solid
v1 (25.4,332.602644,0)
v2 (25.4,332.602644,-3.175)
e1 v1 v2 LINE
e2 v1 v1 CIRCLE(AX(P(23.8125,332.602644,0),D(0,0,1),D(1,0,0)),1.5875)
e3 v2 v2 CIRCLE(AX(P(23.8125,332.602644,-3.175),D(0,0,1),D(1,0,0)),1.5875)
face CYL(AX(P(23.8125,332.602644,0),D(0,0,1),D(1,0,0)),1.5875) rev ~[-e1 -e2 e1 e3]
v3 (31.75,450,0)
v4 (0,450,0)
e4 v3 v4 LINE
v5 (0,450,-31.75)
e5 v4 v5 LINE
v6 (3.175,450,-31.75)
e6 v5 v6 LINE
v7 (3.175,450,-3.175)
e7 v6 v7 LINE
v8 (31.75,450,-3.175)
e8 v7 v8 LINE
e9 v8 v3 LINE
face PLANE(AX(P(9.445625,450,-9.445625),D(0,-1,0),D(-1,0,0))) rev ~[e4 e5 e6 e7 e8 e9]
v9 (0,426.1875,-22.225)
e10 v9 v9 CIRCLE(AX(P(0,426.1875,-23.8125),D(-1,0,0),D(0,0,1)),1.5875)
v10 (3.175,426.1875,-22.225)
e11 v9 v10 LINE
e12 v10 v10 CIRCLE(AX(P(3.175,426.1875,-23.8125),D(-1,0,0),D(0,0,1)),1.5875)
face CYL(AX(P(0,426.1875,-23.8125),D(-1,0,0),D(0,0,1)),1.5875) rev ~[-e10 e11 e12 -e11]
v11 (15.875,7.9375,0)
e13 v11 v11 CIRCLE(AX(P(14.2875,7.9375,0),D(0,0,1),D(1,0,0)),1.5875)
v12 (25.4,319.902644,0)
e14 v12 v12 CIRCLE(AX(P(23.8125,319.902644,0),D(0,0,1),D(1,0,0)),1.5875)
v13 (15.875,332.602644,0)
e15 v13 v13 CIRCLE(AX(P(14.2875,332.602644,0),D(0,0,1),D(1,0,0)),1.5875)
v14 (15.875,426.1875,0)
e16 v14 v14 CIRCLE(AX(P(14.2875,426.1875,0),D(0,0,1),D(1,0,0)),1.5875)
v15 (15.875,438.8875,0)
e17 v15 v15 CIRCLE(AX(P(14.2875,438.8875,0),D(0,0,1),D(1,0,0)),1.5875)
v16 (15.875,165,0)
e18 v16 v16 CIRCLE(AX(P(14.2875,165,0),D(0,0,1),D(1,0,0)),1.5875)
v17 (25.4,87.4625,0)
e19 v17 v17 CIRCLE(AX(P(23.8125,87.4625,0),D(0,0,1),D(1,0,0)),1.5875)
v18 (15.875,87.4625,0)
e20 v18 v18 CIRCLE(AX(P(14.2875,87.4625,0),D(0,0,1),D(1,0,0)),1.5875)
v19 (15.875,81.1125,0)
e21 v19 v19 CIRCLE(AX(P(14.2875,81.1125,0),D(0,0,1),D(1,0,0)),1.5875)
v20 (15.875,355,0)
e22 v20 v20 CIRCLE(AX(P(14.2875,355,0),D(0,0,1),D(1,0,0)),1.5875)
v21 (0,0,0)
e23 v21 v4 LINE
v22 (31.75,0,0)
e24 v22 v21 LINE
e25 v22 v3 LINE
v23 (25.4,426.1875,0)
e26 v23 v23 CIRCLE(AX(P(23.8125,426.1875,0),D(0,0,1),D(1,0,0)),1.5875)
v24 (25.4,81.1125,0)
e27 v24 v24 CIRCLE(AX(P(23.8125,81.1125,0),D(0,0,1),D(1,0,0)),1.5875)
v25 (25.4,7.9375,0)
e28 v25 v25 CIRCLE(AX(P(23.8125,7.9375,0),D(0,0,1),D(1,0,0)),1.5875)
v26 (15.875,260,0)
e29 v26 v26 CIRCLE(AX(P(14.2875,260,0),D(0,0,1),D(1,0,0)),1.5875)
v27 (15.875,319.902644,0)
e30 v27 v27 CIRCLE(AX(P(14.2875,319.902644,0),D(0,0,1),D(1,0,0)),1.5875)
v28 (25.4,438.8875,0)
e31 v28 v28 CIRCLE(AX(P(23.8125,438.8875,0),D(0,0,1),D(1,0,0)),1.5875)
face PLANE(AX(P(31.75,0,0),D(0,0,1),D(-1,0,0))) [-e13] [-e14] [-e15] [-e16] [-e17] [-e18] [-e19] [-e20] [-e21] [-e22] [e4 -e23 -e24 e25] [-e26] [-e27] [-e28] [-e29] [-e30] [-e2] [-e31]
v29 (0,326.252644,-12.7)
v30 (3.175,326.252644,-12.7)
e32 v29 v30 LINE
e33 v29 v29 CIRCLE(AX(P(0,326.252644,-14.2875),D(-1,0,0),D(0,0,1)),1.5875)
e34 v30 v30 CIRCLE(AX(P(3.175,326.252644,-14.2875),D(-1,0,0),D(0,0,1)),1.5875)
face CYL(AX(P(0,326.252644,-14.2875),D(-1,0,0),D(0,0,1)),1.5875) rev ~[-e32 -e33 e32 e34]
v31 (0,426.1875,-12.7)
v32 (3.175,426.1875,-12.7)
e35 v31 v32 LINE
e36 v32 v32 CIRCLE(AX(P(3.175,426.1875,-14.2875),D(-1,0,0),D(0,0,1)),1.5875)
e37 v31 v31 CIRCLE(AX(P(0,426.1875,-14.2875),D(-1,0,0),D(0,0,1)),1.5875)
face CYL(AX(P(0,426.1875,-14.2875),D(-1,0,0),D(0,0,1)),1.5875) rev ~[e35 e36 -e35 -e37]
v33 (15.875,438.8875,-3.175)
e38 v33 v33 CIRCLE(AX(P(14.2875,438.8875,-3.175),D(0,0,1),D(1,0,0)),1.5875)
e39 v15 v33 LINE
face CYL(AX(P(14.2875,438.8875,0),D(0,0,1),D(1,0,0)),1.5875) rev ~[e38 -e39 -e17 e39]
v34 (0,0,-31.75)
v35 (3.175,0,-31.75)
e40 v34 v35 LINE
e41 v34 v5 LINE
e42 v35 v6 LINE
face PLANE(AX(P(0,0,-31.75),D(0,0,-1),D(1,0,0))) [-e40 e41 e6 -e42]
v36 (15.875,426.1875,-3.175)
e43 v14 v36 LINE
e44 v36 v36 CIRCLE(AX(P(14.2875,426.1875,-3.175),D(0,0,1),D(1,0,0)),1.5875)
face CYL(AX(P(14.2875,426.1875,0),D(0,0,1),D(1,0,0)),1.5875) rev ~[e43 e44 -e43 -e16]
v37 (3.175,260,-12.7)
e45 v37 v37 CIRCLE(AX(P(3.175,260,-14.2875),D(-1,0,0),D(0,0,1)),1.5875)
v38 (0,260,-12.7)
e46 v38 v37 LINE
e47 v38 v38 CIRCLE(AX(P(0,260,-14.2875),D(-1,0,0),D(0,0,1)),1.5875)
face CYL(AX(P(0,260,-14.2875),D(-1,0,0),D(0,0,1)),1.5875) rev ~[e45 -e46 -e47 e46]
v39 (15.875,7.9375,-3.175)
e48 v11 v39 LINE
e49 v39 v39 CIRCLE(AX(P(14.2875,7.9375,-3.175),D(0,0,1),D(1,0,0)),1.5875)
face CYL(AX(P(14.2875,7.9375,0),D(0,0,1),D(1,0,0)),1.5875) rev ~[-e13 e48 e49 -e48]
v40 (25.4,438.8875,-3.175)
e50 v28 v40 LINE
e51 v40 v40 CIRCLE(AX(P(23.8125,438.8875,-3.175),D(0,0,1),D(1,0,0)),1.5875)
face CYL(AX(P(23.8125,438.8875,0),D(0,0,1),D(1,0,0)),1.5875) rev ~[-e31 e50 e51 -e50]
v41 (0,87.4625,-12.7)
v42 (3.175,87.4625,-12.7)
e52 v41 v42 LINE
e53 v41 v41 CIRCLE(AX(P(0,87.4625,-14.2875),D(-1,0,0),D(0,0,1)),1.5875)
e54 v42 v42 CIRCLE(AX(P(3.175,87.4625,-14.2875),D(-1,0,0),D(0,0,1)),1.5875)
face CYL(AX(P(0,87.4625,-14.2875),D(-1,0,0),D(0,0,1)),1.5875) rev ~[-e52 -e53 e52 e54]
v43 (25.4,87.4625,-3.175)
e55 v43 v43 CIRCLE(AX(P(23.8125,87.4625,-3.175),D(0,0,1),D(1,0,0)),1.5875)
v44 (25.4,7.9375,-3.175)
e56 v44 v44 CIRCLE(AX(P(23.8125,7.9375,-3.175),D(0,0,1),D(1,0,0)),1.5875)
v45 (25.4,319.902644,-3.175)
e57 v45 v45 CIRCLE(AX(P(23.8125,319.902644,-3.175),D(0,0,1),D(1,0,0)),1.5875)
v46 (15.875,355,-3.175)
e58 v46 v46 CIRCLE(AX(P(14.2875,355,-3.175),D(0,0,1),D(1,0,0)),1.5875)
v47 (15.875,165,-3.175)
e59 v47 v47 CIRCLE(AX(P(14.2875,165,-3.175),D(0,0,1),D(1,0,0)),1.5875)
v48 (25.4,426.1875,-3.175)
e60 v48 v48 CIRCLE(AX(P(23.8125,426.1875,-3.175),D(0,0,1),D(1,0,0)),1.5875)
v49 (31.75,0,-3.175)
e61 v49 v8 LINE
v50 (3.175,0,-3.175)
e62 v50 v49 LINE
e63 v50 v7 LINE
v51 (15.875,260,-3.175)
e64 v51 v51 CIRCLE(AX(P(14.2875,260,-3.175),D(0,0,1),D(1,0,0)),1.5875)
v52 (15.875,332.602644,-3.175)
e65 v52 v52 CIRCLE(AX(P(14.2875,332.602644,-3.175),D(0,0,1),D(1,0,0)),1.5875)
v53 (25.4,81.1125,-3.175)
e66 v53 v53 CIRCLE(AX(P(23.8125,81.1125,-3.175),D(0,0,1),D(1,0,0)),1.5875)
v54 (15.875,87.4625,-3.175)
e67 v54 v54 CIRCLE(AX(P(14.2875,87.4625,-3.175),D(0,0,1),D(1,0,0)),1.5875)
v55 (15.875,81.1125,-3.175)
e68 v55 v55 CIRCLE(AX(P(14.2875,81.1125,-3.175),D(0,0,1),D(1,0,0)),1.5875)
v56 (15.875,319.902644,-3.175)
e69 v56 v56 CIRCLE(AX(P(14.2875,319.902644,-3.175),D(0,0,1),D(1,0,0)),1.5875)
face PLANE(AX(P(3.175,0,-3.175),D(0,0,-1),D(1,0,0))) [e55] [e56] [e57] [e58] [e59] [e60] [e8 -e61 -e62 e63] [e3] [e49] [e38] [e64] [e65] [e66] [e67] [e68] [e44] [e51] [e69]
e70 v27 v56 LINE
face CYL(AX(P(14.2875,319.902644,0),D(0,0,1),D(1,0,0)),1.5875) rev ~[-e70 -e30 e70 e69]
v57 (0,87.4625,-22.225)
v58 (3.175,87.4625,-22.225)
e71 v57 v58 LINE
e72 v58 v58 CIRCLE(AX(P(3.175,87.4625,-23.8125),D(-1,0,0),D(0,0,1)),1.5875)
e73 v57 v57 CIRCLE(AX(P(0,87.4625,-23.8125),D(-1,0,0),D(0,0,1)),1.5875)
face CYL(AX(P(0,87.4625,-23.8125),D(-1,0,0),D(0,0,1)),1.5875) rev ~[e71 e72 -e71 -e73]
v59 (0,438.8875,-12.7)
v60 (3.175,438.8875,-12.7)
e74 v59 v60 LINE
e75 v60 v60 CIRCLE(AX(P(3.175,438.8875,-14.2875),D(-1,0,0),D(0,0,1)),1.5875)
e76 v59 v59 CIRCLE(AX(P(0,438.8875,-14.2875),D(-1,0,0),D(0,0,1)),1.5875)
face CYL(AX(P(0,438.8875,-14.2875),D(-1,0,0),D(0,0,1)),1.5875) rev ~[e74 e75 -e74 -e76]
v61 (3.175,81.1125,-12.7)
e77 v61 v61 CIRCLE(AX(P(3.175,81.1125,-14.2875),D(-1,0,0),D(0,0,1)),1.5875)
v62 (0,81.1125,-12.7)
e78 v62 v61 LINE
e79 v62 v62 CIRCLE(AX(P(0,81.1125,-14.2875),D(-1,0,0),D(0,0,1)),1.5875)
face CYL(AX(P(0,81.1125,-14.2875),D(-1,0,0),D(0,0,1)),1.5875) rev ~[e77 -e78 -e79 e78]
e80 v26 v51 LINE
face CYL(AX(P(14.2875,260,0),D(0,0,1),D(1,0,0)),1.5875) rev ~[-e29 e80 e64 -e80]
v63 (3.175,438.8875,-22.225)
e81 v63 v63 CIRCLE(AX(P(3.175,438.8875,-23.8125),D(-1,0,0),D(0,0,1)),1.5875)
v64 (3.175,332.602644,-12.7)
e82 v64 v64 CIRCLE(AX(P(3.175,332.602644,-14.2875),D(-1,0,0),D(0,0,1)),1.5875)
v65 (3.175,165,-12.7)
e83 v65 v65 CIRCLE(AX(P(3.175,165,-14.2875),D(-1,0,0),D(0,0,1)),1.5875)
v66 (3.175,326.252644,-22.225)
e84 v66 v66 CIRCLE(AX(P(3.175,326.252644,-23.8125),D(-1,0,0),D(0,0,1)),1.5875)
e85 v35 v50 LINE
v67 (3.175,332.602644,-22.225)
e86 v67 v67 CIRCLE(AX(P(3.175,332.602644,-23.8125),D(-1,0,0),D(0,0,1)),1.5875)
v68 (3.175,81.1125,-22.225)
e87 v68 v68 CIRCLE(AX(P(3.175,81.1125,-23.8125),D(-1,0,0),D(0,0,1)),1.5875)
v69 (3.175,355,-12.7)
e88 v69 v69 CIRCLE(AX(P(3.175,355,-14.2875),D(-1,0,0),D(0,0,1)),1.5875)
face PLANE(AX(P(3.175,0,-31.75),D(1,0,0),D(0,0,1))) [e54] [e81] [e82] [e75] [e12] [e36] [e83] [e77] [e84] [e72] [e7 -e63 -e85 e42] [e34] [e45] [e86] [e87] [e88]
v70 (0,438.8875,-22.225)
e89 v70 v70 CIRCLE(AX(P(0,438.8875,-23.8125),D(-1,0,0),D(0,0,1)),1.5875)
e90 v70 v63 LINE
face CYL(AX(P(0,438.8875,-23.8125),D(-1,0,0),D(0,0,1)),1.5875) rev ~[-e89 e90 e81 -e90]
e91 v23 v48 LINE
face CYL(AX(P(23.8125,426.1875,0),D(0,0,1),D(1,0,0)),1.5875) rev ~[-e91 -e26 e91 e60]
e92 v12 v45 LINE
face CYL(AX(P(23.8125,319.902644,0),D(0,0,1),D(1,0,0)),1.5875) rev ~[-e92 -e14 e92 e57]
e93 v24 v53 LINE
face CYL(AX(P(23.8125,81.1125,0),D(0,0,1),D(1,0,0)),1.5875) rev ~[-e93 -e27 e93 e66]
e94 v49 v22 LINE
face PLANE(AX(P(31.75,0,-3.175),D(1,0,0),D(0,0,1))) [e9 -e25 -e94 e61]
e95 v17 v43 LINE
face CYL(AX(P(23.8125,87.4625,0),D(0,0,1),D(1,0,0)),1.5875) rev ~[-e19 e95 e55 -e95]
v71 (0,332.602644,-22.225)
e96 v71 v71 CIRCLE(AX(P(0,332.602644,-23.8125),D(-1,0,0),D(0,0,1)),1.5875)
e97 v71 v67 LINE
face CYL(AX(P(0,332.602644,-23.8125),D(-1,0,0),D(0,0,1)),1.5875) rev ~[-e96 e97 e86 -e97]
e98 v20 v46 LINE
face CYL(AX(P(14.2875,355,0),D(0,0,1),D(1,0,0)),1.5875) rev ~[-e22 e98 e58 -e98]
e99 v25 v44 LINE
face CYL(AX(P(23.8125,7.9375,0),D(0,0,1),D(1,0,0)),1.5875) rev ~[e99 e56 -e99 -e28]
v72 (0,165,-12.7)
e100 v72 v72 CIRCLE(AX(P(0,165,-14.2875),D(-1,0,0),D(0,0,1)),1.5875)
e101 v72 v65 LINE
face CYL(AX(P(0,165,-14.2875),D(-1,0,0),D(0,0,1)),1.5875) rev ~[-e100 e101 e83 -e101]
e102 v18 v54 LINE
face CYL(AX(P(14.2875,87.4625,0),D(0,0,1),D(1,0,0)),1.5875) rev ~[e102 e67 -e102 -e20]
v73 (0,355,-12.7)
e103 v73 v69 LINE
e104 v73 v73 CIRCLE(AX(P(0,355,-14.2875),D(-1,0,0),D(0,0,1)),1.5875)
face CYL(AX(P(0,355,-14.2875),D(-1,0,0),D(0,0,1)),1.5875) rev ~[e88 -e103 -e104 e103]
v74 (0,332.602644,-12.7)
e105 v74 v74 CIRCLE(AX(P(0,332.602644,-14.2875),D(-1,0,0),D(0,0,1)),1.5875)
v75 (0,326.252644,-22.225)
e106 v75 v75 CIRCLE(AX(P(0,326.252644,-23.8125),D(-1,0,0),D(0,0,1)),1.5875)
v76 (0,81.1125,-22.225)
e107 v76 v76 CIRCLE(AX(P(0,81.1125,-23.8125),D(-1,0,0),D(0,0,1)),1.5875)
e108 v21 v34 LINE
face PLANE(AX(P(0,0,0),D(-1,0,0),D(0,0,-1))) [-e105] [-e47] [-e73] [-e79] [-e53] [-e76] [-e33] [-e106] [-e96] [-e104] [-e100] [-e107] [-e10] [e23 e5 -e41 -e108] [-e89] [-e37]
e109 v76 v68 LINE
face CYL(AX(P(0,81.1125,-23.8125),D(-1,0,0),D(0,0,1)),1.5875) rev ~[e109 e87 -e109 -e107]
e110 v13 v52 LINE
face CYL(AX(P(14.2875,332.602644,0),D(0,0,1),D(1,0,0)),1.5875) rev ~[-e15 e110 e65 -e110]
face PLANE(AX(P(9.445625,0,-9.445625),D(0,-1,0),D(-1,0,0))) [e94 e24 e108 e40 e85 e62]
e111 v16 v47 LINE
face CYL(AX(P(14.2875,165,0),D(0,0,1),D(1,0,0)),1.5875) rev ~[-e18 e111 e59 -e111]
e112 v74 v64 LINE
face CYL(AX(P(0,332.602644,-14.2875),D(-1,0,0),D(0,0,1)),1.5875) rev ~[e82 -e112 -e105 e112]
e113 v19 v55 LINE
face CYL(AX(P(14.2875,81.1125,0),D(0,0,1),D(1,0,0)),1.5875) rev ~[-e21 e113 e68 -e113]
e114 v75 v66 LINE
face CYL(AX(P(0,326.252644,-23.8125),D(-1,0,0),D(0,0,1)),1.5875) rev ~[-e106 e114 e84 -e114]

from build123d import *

# Parameters (mm, degrees)
BOSS_EXTRUDE1_DEPTH              = 450
LEFTSIDEHOLES_SKETCH3_R          = 1.5875
LEFTSIDEHOLES_CUT_EXTRUDE1_DEPTH = 3.175
BACKSIDEHOLES_SKETCH4_R          = 1.5875
BACKSIDEHOLES_CUT_EXTRUDE2_DEPTH = 3.175


with BuildPart() as part:
    # Sketch2 → Boss-Extrude1 (new body)
    with BuildSketch(Plane(origin=(0, 0, 0), x_dir=(1, 0, 0), z_dir=(0, 1, 0))):
        Polygon((0, 31.75), (3.175, 31.75), (3.175, 3.175), (31.75, 3.175), (31.75, 0), (0, 0), align=None)
    extrude(amount=BOSS_EXTRUDE1_DEPTH)

    # LeftSideHoles-Sketch3 → LeftSideHoles-Cut-Extrude1 (cut)
    with BuildSketch(Plane.XY):
        with Locations((14.2875, 81.1125)):
            Circle(LEFTSIDEHOLES_SKETCH3_R)
        with Locations((23.8125, 81.1125)):
            Circle(LEFTSIDEHOLES_SKETCH3_R)
        with Locations((14.2875, 87.4625)):
            Circle(LEFTSIDEHOLES_SKETCH3_R)
        with Locations((23.8125, 87.4625)):
            Circle(LEFTSIDEHOLES_SKETCH3_R)
        with Locations((14.2875, 438.8875)):
            Circle(LEFTSIDEHOLES_SKETCH3_R)
        with Locations((14.2875, 426.1875)):
            Circle(LEFTSIDEHOLES_SKETCH3_R)
        with Locations((23.8125, 438.8875)):
            Circle(LEFTSIDEHOLES_SKETCH3_R)
        with Locations((23.8125, 426.1875)):
            Circle(LEFTSIDEHOLES_SKETCH3_R)
        with Locations((14.2875, 332.602644)):
            Circle(LEFTSIDEHOLES_SKETCH3_R)
        with Locations((23.8125, 332.602644)):
            Circle(LEFTSIDEHOLES_SKETCH3_R)
        with Locations((14.2875, 319.902644)):
            Circle(LEFTSIDEHOLES_SKETCH3_R)
        with Locations((23.8125, 319.902644)):
            Circle(LEFTSIDEHOLES_SKETCH3_R)
        with Locations((14.2875, 7.9375)):
            Circle(LEFTSIDEHOLES_SKETCH3_R)
        with Locations((23.8125, 7.9375)):
            Circle(LEFTSIDEHOLES_SKETCH3_R)
        with Locations((14.2875, 165)):
            Circle(LEFTSIDEHOLES_SKETCH3_R)
        with Locations((14.2875, 260)):
            Circle(LEFTSIDEHOLES_SKETCH3_R)
        with Locations((14.2875, 355)):
            Circle(LEFTSIDEHOLES_SKETCH3_R)
    extrude(amount=-LEFTSIDEHOLES_CUT_EXTRUDE1_DEPTH, mode=Mode.SUBTRACT)

    # BackSideHoles-Sketch4 → BackSideHoles-Cut-Extrude2 (cut)
    with BuildSketch(Plane.ZY):
        with Locations((-23.8125, 81.1125)):
            Circle(BACKSIDEHOLES_SKETCH4_R)
        with Locations((-14.2875, 81.1125)):
            Circle(BACKSIDEHOLES_SKETCH4_R)
        with Locations((-23.8125, 87.4625)):
            Circle(BACKSIDEHOLES_SKETCH4_R)
        with Locations((-14.2875, 87.4625)):
            Circle(BACKSIDEHOLES_SKETCH4_R)
        with Locations((-23.8125, 438.8875)):
            Circle(BACKSIDEHOLES_SKETCH4_R)
        with Locations((-14.2875, 438.8875)):
            Circle(BACKSIDEHOLES_SKETCH4_R)
        with Locations((-23.8125, 426.1875)):
            Circle(BACKSIDEHOLES_SKETCH4_R)
        with Locations((-14.2875, 426.1875)):
            Circle(BACKSIDEHOLES_SKETCH4_R)
        with Locations((-23.8125, 332.602644)):
            Circle(BACKSIDEHOLES_SKETCH4_R)
        with Locations((-14.2875, 332.602644)):
            Circle(BACKSIDEHOLES_SKETCH4_R)
        with Locations((-23.8125, 326.252644)):
            Circle(BACKSIDEHOLES_SKETCH4_R)
        with Locations((-14.2875, 326.252644)):
            Circle(BACKSIDEHOLES_SKETCH4_R)
        with Locations((-14.2875, 165)):
            Circle(BACKSIDEHOLES_SKETCH4_R)
        with Locations((-14.2875, 260)):
            Circle(BACKSIDEHOLES_SKETCH4_R)
        with Locations((-14.2875, 355)):
            Circle(BACKSIDEHOLES_SKETCH4_R)
    extrude(amount=-BACKSIDEHOLES_CUT_EXTRUDE2_DEPTH, mode=Mode.SUBTRACT)


solid = part.part
